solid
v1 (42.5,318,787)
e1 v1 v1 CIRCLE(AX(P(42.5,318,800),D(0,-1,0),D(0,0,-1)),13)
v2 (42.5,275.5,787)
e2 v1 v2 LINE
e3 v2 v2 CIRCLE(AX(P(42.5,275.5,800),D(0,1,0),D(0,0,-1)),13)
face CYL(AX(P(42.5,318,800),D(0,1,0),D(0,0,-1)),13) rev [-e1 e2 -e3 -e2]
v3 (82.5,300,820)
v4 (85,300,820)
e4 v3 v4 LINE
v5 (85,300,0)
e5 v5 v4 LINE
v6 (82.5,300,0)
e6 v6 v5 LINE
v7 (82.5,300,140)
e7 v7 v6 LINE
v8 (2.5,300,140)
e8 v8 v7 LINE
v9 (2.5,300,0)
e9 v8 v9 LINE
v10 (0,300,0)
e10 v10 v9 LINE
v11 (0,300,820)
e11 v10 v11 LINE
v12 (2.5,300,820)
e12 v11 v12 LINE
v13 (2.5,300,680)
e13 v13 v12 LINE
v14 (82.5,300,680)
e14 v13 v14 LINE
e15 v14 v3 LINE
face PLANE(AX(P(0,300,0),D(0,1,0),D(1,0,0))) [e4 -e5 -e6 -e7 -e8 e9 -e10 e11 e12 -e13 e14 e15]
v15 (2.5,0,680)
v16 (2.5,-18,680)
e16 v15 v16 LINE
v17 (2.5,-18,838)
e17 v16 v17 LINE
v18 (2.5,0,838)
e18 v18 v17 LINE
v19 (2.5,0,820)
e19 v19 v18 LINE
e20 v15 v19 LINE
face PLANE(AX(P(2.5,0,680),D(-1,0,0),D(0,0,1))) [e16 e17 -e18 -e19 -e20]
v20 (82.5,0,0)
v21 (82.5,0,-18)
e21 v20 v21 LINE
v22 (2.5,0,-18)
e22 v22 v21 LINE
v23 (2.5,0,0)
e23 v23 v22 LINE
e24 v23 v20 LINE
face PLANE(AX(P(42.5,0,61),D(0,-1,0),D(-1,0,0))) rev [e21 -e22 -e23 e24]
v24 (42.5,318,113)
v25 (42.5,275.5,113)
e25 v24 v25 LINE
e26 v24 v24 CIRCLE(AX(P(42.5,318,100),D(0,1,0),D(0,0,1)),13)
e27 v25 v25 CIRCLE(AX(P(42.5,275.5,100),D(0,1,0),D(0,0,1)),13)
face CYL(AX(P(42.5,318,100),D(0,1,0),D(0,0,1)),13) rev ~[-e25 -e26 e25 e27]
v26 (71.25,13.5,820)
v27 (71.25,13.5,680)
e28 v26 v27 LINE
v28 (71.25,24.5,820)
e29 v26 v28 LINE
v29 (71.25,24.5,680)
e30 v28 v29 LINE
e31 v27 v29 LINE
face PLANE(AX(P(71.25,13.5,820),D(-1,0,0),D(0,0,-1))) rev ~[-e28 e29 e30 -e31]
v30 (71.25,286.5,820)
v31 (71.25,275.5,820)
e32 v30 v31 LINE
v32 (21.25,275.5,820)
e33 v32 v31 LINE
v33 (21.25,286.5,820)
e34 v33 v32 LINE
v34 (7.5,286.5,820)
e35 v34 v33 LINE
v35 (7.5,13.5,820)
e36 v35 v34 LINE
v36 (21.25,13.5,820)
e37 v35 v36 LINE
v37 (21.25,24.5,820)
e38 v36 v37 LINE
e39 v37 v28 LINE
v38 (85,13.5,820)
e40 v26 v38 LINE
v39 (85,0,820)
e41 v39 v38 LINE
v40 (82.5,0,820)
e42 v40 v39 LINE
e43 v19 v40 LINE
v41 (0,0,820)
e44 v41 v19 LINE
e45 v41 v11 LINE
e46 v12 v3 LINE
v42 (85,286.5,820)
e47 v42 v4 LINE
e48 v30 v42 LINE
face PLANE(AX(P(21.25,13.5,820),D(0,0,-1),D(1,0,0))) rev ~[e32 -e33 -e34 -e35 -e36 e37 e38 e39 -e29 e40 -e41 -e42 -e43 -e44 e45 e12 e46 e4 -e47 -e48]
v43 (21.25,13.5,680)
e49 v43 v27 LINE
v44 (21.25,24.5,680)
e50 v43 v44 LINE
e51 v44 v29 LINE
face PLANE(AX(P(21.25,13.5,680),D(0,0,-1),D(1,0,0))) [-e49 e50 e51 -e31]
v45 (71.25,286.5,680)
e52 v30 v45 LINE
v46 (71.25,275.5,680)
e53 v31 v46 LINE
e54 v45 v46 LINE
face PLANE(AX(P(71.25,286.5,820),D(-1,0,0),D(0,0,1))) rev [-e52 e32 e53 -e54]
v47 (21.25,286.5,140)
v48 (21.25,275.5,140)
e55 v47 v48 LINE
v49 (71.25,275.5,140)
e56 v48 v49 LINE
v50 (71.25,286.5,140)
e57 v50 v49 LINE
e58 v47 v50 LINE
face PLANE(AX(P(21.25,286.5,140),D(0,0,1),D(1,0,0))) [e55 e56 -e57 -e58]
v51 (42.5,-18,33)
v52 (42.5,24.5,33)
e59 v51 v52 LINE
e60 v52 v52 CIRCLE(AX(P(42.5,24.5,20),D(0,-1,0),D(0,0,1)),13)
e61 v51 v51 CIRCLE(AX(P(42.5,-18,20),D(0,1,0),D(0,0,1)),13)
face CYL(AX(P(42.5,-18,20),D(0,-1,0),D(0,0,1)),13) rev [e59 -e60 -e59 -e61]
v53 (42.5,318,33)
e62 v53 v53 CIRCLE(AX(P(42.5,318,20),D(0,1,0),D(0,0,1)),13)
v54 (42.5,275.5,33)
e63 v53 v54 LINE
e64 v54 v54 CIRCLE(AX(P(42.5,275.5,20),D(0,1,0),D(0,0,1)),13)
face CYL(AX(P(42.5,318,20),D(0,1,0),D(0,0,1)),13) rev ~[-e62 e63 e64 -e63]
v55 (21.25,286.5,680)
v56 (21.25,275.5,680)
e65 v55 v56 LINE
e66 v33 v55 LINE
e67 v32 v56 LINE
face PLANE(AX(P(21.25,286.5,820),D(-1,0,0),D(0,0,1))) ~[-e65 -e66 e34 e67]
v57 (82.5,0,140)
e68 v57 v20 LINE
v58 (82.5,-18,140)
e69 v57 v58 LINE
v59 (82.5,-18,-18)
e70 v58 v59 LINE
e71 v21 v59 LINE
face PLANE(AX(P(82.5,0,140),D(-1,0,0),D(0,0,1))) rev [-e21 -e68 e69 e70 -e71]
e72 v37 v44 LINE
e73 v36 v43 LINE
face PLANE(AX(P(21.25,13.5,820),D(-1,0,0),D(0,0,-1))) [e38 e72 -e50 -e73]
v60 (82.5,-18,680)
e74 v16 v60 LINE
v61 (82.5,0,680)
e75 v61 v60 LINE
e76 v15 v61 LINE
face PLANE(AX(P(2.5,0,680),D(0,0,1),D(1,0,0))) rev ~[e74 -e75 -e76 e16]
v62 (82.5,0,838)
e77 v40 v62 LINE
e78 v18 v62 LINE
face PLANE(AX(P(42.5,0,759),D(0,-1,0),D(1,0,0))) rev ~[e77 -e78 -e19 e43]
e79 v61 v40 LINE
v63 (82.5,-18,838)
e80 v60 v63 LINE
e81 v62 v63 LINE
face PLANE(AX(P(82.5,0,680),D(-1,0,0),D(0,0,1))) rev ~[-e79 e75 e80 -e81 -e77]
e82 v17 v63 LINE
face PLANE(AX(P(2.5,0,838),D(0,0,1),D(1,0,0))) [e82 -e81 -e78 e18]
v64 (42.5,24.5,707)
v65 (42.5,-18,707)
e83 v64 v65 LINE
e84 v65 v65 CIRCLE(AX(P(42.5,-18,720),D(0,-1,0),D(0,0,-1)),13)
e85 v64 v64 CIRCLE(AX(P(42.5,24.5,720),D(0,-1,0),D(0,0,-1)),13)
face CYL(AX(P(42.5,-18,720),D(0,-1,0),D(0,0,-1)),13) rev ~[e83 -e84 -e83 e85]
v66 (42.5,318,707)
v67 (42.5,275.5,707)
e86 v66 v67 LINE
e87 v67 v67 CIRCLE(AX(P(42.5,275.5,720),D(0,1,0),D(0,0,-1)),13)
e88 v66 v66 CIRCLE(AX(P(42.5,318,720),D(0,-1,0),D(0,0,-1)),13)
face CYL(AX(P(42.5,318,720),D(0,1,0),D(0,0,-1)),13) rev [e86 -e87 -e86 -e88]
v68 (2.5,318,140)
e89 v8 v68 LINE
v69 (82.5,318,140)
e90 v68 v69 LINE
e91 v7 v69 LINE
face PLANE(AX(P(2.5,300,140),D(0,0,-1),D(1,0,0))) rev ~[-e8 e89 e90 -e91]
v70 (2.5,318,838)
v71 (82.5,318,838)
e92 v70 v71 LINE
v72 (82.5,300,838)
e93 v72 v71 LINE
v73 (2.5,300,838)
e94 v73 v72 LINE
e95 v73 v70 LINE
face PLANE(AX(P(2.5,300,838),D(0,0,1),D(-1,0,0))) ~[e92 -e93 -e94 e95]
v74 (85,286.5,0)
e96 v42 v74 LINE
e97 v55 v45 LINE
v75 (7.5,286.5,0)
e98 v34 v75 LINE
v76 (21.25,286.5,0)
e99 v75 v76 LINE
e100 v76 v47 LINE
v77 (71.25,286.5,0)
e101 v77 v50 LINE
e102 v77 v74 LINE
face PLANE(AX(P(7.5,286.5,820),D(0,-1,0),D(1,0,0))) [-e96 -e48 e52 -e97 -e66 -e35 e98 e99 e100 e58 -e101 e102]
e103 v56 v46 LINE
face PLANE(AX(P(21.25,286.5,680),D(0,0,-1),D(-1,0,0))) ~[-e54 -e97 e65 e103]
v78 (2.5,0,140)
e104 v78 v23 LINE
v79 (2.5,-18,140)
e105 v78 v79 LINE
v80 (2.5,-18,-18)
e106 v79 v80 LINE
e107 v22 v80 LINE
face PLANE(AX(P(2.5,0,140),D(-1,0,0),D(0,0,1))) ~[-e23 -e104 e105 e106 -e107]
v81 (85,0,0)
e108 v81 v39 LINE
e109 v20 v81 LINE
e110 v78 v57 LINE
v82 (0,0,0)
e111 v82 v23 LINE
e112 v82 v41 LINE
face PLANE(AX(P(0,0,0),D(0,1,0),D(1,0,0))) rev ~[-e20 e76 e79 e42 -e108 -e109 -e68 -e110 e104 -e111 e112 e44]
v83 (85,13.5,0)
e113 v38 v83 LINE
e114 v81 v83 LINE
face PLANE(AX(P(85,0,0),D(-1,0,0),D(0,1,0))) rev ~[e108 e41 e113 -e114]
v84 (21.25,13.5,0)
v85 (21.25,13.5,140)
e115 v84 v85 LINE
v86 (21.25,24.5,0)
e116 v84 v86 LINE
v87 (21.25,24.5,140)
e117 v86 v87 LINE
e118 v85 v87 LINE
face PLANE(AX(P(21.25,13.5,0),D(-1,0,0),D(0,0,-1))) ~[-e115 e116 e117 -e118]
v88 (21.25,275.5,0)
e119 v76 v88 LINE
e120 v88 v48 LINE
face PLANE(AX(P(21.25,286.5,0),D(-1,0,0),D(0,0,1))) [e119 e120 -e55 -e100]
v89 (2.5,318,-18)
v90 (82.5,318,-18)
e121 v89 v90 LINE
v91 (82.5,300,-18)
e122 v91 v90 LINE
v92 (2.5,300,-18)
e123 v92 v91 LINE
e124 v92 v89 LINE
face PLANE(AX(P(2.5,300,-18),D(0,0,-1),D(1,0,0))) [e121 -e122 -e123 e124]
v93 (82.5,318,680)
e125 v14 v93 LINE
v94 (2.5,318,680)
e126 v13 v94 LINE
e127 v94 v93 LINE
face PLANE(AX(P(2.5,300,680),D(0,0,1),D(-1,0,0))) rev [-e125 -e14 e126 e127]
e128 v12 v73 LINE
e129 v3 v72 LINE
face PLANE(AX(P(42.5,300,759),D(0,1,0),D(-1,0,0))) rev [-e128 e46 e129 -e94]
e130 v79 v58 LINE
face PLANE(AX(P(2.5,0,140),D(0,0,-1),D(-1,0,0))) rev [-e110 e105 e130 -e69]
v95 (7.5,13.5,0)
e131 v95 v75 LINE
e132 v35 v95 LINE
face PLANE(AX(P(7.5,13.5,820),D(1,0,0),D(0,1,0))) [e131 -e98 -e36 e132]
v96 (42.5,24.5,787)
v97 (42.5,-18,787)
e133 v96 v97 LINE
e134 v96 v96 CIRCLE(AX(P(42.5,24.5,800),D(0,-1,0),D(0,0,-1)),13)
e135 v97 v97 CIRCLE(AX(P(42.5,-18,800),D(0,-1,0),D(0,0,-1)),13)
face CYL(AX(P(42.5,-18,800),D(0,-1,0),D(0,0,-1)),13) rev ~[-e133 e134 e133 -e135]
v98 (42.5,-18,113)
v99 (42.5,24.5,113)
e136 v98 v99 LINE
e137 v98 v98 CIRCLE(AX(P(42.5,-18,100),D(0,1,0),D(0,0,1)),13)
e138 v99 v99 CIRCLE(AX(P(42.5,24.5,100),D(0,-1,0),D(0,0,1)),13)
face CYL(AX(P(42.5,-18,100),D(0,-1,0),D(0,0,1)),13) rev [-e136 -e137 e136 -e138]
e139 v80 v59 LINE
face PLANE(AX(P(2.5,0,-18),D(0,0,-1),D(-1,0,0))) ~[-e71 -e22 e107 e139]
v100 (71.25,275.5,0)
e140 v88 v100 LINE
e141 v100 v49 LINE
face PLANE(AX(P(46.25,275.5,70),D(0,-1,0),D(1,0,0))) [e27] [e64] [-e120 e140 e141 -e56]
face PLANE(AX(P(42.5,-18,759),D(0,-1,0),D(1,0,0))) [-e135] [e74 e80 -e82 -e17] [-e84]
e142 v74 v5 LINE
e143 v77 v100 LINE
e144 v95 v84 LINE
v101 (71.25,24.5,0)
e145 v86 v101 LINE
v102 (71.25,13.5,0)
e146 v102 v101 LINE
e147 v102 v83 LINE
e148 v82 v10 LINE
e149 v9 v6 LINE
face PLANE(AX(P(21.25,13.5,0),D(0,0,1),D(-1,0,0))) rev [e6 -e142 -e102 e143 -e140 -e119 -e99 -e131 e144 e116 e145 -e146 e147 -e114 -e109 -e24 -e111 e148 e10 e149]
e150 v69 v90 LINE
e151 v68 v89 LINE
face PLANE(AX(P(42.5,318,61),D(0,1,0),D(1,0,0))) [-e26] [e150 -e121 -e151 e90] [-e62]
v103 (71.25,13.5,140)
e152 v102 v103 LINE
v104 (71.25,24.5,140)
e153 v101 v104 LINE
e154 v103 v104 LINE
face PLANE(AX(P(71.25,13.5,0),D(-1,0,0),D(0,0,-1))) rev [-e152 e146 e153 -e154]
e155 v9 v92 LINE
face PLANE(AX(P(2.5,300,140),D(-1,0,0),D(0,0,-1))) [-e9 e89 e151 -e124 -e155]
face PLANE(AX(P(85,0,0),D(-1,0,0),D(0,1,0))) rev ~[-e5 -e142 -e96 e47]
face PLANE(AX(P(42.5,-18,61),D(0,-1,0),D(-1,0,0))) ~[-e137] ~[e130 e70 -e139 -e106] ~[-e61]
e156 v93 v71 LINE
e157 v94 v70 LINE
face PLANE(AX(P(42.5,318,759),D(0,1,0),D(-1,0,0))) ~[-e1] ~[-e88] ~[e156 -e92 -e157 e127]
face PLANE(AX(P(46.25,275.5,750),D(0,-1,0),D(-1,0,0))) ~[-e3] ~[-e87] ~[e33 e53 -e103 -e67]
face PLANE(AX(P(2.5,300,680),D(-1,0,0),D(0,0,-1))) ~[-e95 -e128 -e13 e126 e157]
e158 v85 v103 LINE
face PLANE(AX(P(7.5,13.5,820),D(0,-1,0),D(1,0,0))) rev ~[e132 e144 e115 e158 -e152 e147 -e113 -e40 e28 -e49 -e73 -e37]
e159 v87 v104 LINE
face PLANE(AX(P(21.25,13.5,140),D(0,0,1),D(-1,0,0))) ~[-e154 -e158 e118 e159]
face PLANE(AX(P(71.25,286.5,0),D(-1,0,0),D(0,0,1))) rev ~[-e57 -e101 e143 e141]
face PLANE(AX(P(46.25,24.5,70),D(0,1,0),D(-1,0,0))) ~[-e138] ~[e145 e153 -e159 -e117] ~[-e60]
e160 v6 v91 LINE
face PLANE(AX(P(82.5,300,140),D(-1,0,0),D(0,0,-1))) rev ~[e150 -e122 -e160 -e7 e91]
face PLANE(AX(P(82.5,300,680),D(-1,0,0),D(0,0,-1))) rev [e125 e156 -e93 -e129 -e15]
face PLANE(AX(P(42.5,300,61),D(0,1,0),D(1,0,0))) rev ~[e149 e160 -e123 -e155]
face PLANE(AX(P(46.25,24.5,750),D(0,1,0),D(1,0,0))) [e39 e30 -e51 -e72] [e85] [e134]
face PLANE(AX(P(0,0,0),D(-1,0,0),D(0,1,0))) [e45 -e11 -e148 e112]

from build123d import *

# Parameters (mm, degrees)
SKETCH_1_W               = 85
SKETCH_1_H               = 300
EXTRUDE_1_DEPTH          = 820
SKETCH_2_W               = 77.5
SKETCH_2_H               = 273
CUT_EXTRUDE_1_DEPTH      = 878.282736636
SKETCH_5_W               = 50
SKETCH_5_H               = 140
EXTRUDE_3_DEPTH          = 11
SKETCH_6_W               = 80
SKETCH_6_H               = 158
EXTRUDE_4_DEPTH          = 18
SKETCH_8_R               = 13
CUT_EXTRUDE_3_DEPTH      = 884.600022635
MIRROR_4_COPY_1_SKETCH_W = 50
MIRROR_4_COPY_1_SKETCH_H = 140
MIRROR_4_COPY_1_DEPTH    = 11
MIRROR_4_COPY_2_SKETCH_W = 80
MIRROR_4_COPY_2_SKETCH_H = 158
MIRROR_4_COPY_2_DEPTH    = 18
MIRROR_4_COPY_3_SKETCH_R = 13
MIRROR_4_COPY_3_DEPTH    = 884.600022635


with BuildPart() as part:
    # 草图1 → 凸台-拉伸1 (new body)
    with BuildSketch(Plane.XY):
        with Locations((42.5, 150)):
            Rectangle(SKETCH_1_W, SKETCH_1_H)
    extrude(amount=EXTRUDE_1_DEPTH)

    # 草图2 → 切除-拉伸1 (cut, through all)
    with BuildSketch(Plane.XY.offset(820)):
        with Locations((46.25, 150)):
            Rectangle(SKETCH_2_W, SKETCH_2_H)
    extrude(amount=-CUT_EXTRUDE_1_DEPTH, mode=Mode.SUBTRACT)

    # 草图5 → 凸台-拉伸3 (add)
    with BuildSketch(Plane.XZ.offset(-286.5)):
        with Locations((46.25, 70)):
            Rectangle(SKETCH_5_W, SKETCH_5_H)
    extrude_3 = extrude(amount=EXTRUDE_3_DEPTH)

    # 草图6 → 凸台-拉伸4 (add)
    with BuildSketch(Plane(origin=(0, 300, 0), x_dir=(1, 0, 0), z_dir=(0, 1, 0))):
        with Locations((42.5, -61)):
            Rectangle(SKETCH_6_W, SKETCH_6_H)
    extrude_4 = extrude(amount=EXTRUDE_4_DEPTH)

    # 草图8 → 切除-拉伸3 (cut, through all)
    with BuildSketch(Plane(origin=(0, 318, 0), x_dir=(1, 0, 0), z_dir=(0, 1, 0))):
        with Locations(Location((42.5, -20, 0), (0, 0, 270))):
            Circle(SKETCH_8_R)
        with Locations(Location((42.5, -100, 0), (0, 0, 270))):
            Circle(SKETCH_8_R)
    cut_extrude_3 = extrude(amount=-CUT_EXTRUDE_3_DEPTH, mode=Mode.SUBTRACT)

    # 镜向3: 凸台-拉伸3, 凸台-拉伸4, 切除-拉伸3 across plane
    add(extrude_3.mirror(Plane(origin=(0, 150, 0), x_dir=(0, 0, 1), z_dir=(0, -1, 0))))
    add(extrude_4.mirror(Plane(origin=(0, 150, 0), x_dir=(0, 0, 1), z_dir=(0, -1, 0))))
    add(cut_extrude_3.mirror(Plane(origin=(0, 150, 0), x_dir=(0, 0, 1), z_dir=(0, -1, 0))), mode=Mode.SUBTRACT)

    # 镜向4: 凸台-拉伸3, 凸台-拉伸4, 切除-拉伸3 across plane
    add(extrude_3.mirror(Plane(origin=(0, 0, 410), x_dir=(1, 0, 0), z_dir=(0, 0, -1))))
    add(extrude_4.mirror(Plane(origin=(0, 0, 410), x_dir=(1, 0, 0), z_dir=(0, 0, -1))))
    add(cut_extrude_3.mirror(Plane(origin=(0, 0, 410), x_dir=(1, 0, 0), z_dir=(0, 0, -1))), mode=Mode.SUBTRACT)

    # 镜向4 copy 1 sketch → 镜向4 copy 1 (add)
    with BuildSketch(Plane(origin=(0, 13.5, 820), x_dir=(1, 0, 0), z_dir=(0, 1, 0))):
        with Locations((46.25, 70)):
            Rectangle(MIRROR_4_COPY_1_SKETCH_W, MIRROR_4_COPY_1_SKETCH_H)
    extrude(amount=MIRROR_4_COPY_1_DEPTH)

    # 镜向4 copy 2 sketch → 镜向4 copy 2 (add)
    with BuildSketch(Plane(origin=(0, 0, 820), x_dir=(1, 0, 0), z_dir=(0, -1, 0))):
        with Locations((42.5, -61)):
            Rectangle(MIRROR_4_COPY_2_SKETCH_W, MIRROR_4_COPY_2_SKETCH_H)
    extrude(amount=MIRROR_4_COPY_2_DEPTH)

    # 镜向4 copy 3 sketch → 镜向4 copy 3 (cut, through all)
    with BuildSketch(Plane(origin=(0, -18, 820), x_dir=(1, 0, 0), z_dir=(0, -1, 0))):
        with Locations(Location((42.5, -20, 0), (0, 0, 270))):
            Circle(MIRROR_4_COPY_3_SKETCH_R)
        with Locations(Location((42.5, -100, 0), (0, 0, 270))):
            Circle(MIRROR_4_COPY_3_SKETCH_R)
    extrude(amount=-MIRROR_4_COPY_3_DEPTH, mode=Mode.SUBTRACT)


solid = part.part
